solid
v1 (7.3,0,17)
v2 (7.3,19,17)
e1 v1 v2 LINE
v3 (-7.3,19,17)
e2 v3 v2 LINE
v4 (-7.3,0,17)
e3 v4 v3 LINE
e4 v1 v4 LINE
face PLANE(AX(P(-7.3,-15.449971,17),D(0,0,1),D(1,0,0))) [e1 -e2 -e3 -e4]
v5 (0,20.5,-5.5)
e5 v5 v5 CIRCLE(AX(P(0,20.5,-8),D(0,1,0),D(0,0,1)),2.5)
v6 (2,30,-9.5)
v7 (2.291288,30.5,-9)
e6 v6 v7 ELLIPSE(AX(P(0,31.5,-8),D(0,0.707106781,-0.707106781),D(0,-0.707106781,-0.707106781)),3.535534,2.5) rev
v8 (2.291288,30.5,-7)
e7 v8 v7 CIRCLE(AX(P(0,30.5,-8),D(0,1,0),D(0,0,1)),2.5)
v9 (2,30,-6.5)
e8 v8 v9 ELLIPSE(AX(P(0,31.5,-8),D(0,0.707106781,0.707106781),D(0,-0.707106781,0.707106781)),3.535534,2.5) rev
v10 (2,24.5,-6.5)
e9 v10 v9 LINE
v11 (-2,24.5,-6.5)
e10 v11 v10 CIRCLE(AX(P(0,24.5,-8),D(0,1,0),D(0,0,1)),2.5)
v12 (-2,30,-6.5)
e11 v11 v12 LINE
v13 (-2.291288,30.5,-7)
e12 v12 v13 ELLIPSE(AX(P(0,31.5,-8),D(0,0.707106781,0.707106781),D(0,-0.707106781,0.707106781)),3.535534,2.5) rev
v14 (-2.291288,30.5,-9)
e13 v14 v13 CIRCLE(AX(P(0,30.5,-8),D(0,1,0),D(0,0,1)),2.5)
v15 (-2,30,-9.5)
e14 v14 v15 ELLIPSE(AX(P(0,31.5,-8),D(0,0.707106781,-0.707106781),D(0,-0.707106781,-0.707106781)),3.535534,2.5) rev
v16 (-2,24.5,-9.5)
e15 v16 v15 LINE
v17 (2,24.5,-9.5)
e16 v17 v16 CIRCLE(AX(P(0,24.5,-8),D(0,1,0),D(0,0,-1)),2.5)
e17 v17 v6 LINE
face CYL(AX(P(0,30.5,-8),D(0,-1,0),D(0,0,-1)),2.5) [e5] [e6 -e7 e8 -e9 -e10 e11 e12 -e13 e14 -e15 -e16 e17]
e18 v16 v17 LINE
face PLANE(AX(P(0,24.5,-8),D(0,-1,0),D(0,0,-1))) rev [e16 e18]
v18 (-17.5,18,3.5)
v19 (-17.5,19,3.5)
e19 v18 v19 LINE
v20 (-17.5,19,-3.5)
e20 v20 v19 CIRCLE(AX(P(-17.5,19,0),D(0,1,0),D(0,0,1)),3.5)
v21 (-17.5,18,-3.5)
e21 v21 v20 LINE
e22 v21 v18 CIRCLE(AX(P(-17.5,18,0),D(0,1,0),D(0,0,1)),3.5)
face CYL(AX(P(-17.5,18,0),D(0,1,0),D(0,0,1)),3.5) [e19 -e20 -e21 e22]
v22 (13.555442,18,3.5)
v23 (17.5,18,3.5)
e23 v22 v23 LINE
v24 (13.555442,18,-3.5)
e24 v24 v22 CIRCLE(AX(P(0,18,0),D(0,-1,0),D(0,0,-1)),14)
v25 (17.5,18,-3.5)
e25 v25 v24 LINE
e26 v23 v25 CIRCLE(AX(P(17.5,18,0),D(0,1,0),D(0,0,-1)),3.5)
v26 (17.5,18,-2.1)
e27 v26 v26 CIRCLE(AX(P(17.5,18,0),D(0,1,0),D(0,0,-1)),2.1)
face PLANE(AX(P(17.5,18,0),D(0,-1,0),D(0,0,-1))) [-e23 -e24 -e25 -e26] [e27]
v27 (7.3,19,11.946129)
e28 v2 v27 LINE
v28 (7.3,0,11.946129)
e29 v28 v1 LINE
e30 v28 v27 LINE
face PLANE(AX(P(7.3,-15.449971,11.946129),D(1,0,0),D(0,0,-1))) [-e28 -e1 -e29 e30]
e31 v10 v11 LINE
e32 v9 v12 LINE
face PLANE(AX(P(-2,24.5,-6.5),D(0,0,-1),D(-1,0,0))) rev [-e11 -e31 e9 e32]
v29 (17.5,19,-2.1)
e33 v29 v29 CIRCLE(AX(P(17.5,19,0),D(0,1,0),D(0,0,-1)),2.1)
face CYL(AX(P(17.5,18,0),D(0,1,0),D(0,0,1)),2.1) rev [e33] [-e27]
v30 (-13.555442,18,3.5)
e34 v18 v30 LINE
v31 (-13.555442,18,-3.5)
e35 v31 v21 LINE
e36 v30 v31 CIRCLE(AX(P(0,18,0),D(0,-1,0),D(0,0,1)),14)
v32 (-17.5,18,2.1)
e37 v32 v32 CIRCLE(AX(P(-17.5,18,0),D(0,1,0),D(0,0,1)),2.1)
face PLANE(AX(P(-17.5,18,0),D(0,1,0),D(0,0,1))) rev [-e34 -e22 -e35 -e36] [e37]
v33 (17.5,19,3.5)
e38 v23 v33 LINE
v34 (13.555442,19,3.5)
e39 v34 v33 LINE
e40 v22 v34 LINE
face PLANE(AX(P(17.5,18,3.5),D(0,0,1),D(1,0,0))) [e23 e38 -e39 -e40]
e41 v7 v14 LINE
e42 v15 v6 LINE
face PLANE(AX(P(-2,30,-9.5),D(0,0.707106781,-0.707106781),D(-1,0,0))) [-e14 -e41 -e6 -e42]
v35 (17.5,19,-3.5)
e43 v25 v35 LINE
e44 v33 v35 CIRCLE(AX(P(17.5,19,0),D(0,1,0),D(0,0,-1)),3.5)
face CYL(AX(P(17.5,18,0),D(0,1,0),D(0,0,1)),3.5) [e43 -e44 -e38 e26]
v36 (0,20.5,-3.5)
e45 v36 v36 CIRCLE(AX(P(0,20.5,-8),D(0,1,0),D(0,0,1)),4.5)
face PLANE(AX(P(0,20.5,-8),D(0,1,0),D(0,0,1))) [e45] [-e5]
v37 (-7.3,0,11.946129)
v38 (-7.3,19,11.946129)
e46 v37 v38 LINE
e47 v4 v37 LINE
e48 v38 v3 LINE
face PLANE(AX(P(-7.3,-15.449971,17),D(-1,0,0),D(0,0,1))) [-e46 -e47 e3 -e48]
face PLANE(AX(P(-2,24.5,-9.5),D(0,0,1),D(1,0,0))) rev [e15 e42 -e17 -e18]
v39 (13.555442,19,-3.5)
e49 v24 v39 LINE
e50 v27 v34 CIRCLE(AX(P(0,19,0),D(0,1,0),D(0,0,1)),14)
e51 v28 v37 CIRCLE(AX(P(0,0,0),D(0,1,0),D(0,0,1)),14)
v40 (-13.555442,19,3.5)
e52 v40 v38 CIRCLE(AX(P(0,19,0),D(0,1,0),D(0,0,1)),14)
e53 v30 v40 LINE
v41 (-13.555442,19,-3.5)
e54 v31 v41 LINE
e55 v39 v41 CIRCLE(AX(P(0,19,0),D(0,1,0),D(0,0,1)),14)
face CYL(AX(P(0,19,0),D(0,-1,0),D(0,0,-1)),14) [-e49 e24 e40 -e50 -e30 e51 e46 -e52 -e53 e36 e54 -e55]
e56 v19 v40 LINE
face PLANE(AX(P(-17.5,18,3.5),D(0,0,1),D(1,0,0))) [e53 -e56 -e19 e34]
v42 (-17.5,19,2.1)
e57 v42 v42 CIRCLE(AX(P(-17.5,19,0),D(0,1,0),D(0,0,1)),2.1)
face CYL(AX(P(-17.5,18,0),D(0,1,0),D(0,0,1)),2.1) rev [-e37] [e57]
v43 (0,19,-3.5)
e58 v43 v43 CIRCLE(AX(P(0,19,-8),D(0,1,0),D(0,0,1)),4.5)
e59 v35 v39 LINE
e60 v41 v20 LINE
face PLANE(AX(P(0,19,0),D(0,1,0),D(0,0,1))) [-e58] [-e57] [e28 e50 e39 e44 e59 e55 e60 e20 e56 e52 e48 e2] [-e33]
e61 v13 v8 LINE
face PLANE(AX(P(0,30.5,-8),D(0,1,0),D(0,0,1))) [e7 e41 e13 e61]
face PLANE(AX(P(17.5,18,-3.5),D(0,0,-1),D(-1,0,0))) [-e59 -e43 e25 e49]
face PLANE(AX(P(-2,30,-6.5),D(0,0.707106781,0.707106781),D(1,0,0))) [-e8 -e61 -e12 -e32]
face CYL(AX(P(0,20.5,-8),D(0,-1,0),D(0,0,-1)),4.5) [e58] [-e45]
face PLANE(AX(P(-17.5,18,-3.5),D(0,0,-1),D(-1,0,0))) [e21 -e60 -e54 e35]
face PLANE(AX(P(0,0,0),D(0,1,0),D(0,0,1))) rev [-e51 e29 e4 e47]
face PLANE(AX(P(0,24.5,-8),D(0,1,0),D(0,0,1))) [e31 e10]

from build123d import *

# Parameters (mm, degrees)
SKETCH1_R           = 14
BOSS_EXTRUDE1_DEPTH = 19
SKETCH2_R           = 2.1
BOSS_EXTRUDE2_DEPTH = 1
SKETCH3_R           = 4.5
BOSS_EXTRUDE3_DEPTH = 1.5
SKETCH4_R           = 2.5
BOSS_EXTRUDE4_DEPTH = 10
CUT_EXTRUDE1_DEPTH  = 6
CHAMFER1_SIZE       = 0.5
BOSS_EXTRUDE5_DEPTH = 19


with BuildPart() as part:
    # Sketch1 → Boss-Extrude1 (new body)
    with BuildSketch(Plane(origin=(0, 0, 0), x_dir=(1, 0, 0), z_dir=(0, 1, 0))):
        Circle(SKETCH1_R)
    extrude(amount=BOSS_EXTRUDE1_DEPTH)

    # Sketch2 → Boss-Extrude2 (add)
    with BuildSketch(Plane(origin=(0, 19, 0), x_dir=(1, 0, 0), z_dir=(0, 1, 0))):
        with BuildLine():
            Line((-17.5, 3.5), (-13.555441712, 3.5))
            ThreePointArc((-13.555441712, 3.5), (-14, 0), (-13.555441712, -3.5))
            Line((-13.555441712, -3.5), (-17.5, -3.5))
            ThreePointArc((-17.5, -3.5), (-21, 0), (-17.5, 3.5))
        make_face()
        with Locations((-17.5, 0)):
            Circle(SKETCH2_R, mode=Mode.SUBTRACT)
        with BuildLine():
            Line((17.5, -3.5), (13.555441712, -3.5))
            ThreePointArc((13.555441712, -3.5), (14, 0), (13.555441712, 3.5))
            Line((13.555441712, 3.5), (17.5, 3.5))
            ThreePointArc((17.5, 3.5), (21, 0), (17.5, -3.5))
        make_face()
        with Locations((17.5, 0)):
            Circle(SKETCH2_R, mode=Mode.SUBTRACT)
    extrude(amount=-BOSS_EXTRUDE2_DEPTH)

    # Sketch3 → Boss-Extrude3 (add)
    with BuildSketch(Plane(origin=(0, 19, 0), x_dir=(1, 0, 0), z_dir=(0, 1, 0))):
        with Locations((0, 8)):
            Circle(SKETCH3_R)
    extrude(amount=BOSS_EXTRUDE3_DEPTH)

    # Sketch4 → Boss-Extrude4 (add)
    with BuildSketch(Plane(origin=(0, 20.5, 0), x_dir=(1, 0, 0), z_dir=(0, 1, 0))):
        with Locations((0, 8)):
            Circle(SKETCH4_R)
    extrude(amount=BOSS_EXTRUDE4_DEPTH)

    # Sketch5 → Cut-Extrude1 (cut)
    with BuildSketch(Plane(origin=(0, 30.5, 0), x_dir=(1, 0, 0), z_dir=(0, 1, 0))):
        with BuildLine():
            Line((-2, 9.5), (2, 9.5))
            ThreePointArc((2, 9.5), (0, 10.5), (-2, 9.5))
        make_face()
        with BuildLine():
            Line((-2, 6.5), (2, 6.5))
            ThreePointArc((2, 6.5), (0, 5.5), (-2, 6.5))
        make_face()
    extrude(amount=-CUT_EXTRUDE1_DEPTH, mode=Mode.SUBTRACT)

    # Chamfer1
    chamfer1_edges = [part.edges().sort_by_distance(p)[0] for p in [
        (0, 30.5, -9.5),
        (0, 30.5, -6.5),
    ]]
    chamfer(chamfer1_edges, length=CHAMFER1_SIZE)

    # Sketch6 → Boss-Extrude5 (add)
    with BuildSketch(Plane(origin=(0, 19, 0), x_dir=(1, 0, 0), z_dir=(0, 1, 0))):
        with BuildLine():
            Line((-7.3, -17), (7.3, -17))
            Line((7.3, -17), (7.3, -11.94612908))
            ThreePointArc((7.3, -11.94612908), (0, -14), (-7.3, -11.94612908))
            Line((-7.3, -11.94612908), (-7.3, -17))
        make_face()
    extrude(amount=-BOSS_EXTRUDE5_DEPTH)


solid = part.part
